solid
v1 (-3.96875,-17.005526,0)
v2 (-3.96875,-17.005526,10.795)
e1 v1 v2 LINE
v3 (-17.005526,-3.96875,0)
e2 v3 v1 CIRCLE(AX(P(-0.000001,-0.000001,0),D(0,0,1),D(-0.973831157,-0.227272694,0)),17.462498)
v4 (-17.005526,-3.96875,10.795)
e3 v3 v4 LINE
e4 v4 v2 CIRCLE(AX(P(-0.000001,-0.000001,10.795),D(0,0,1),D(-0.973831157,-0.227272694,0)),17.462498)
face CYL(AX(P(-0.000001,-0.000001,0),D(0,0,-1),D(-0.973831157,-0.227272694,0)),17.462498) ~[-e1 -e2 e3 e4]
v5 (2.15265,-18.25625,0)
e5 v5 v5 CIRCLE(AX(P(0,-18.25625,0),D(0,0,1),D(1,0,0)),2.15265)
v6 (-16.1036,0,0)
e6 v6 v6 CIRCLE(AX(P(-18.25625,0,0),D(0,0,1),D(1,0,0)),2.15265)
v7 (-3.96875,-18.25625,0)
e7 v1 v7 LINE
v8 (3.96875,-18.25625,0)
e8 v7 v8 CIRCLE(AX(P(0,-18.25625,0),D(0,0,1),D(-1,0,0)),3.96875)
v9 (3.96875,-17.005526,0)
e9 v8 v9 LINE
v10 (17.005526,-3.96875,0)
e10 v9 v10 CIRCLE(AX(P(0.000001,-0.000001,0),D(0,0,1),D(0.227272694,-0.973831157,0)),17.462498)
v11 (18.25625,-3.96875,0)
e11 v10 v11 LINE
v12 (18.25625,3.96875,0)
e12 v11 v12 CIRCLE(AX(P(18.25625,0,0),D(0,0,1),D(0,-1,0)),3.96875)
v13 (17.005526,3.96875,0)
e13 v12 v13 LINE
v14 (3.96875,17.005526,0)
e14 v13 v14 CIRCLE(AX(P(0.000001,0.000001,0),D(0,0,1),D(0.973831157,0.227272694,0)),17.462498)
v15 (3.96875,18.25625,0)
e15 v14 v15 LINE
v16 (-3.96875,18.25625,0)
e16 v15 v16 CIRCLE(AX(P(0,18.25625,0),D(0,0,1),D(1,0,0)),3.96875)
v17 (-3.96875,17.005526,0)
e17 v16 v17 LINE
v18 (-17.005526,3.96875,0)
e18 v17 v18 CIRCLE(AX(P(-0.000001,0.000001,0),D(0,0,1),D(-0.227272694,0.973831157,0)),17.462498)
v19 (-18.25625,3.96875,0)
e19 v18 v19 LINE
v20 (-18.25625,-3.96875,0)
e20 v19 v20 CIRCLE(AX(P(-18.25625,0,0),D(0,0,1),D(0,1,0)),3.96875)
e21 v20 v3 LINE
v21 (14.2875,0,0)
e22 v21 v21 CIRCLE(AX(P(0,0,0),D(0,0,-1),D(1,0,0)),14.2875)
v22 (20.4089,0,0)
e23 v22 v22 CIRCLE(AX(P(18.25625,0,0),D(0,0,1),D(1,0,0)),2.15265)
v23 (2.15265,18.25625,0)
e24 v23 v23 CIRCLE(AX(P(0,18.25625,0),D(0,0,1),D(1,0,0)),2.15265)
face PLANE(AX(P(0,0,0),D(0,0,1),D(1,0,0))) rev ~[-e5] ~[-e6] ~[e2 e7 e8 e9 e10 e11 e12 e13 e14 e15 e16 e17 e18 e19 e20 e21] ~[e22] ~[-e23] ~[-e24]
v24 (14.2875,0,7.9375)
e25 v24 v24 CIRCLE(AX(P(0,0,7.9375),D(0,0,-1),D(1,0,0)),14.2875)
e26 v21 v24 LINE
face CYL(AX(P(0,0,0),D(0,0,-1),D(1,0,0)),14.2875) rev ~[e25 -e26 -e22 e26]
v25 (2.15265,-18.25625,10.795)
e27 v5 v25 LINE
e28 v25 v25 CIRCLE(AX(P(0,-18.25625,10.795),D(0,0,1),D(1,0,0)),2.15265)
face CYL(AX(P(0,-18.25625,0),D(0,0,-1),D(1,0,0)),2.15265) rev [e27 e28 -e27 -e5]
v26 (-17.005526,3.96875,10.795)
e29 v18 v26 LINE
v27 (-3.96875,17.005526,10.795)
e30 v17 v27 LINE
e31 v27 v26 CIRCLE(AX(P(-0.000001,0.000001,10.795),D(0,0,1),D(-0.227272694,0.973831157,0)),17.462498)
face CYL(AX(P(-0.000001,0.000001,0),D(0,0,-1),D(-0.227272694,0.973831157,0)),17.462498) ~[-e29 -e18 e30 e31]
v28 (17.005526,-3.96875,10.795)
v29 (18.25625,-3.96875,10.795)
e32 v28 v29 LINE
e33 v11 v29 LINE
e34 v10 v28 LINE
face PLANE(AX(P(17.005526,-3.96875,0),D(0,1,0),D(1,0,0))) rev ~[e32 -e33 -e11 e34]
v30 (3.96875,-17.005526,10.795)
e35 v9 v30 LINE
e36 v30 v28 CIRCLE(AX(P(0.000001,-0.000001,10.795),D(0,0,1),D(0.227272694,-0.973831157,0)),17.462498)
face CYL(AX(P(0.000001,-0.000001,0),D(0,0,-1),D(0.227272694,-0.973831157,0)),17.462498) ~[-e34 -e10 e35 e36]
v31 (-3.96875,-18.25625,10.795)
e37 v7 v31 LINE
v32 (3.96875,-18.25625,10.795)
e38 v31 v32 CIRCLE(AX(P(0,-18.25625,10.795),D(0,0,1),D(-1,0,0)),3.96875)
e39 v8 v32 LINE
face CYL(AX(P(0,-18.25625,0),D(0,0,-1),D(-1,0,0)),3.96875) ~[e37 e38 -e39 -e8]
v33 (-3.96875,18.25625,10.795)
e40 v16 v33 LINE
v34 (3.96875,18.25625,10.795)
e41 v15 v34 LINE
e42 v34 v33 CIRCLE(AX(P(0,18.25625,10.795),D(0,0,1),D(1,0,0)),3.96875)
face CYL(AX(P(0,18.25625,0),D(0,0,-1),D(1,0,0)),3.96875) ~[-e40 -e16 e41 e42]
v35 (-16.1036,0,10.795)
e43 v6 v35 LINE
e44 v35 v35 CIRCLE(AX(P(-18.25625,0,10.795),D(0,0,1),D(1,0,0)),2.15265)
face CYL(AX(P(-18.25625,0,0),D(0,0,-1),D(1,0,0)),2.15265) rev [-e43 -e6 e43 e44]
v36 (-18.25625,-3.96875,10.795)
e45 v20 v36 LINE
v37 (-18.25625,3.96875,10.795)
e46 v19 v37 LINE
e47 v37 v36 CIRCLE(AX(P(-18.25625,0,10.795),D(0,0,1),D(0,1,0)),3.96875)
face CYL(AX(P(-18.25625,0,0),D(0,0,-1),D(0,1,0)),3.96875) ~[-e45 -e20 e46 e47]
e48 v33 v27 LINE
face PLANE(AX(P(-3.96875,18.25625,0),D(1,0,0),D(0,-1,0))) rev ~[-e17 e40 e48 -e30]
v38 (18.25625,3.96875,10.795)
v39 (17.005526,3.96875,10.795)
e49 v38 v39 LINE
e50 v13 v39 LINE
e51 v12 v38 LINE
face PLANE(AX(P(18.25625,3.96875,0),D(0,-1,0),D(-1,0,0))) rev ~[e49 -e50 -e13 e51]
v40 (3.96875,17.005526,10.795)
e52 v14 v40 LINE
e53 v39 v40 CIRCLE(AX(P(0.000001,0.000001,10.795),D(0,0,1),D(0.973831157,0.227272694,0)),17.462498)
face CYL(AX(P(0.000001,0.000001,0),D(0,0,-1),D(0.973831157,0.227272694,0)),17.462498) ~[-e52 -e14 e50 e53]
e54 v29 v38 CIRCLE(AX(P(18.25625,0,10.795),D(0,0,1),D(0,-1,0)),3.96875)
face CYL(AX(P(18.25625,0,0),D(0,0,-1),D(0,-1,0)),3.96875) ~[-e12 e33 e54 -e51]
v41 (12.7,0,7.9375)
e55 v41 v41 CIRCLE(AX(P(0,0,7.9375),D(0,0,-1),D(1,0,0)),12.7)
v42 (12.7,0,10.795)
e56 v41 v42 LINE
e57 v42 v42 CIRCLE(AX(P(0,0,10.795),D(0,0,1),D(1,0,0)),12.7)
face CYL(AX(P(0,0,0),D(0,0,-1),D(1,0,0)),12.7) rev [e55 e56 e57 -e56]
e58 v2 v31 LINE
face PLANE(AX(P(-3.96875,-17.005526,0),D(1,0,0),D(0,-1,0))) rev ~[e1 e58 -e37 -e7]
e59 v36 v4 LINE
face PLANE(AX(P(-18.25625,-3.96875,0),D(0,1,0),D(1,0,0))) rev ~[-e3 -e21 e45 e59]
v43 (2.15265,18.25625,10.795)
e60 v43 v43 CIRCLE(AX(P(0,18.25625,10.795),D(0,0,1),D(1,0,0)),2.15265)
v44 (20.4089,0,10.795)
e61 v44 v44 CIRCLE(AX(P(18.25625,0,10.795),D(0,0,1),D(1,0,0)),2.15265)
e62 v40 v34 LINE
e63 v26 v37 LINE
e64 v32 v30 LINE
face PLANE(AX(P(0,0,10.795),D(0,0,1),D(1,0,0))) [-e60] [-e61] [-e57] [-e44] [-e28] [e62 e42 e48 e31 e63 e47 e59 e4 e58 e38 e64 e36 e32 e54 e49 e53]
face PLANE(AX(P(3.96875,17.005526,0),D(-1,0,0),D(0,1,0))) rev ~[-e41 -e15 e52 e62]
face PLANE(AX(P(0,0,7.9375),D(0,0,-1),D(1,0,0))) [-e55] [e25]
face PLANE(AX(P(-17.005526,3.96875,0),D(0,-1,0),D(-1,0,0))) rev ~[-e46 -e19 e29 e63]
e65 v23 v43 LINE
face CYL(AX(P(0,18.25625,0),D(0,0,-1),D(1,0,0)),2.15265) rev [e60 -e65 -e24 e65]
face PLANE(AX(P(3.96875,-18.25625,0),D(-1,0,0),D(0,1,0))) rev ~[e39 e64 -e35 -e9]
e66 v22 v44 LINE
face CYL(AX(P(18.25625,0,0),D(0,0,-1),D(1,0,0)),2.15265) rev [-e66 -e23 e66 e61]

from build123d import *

# Parameters (mm, degrees)
F0_R     = 2.15265
F0_R_2   = 12.7
F1_DEPTH = 10.795
F2_R     = 14.2875
F3_DEPTH = 7.9375


with BuildPart() as f1:
    # F0 (on Top) → F1 (new body)
    with BuildSketch(Plane.XY):
        with BuildLine():
            Line((-17.005526, 3.96875), (-18.25625, 3.96875))
            ThreePointArc((-18.25625, 3.96875), (-22.225, 0), (-18.25625, -3.96875))
            Line((-18.25625, -3.96875), (-17.005526, -3.96875))
            ThreePointArc((-17.005526, -3.96875), (-12.347852, -12.347852), (-3.96875, -17.005526))
            Line((-3.96875, -17.005526), (-3.96875, -18.25625))
            ThreePointArc((-3.96875, -18.25625), (0, -22.225), (3.96875, -18.25625))
            Line((3.96875, -18.25625), (3.96875, -17.005526))
            ThreePointArc((3.96875, -17.005526), (12.347852, -12.347852), (17.005526, -3.96875))
            Line((17.005526, -3.96875), (18.25625, -3.96875))
            ThreePointArc((18.25625, -3.96875), (22.225, 0), (18.25625, 3.96875))
            Line((18.25625, 3.96875), (17.005526, 3.96875))
            ThreePointArc((17.005526, 3.96875), (12.347852, 12.347852), (3.96875, 17.005526))
            Line((3.96875, 17.005526), (3.96875, 18.25625))
            ThreePointArc((3.96875, 18.25625), (0, 22.225), (-3.96875, 18.25625))
            Line((-3.96875, 18.25625), (-3.96875, 17.005526))
            ThreePointArc((-3.96875, 17.005526), (-12.347852, 12.347852), (-17.005526, 3.96875))
        make_face()
        with Locations((0, -18.25625)):
            Circle(F0_R, mode=Mode.SUBTRACT)
        with Locations((-18.25625, 0)):
            Circle(F0_R, mode=Mode.SUBTRACT)
        Circle(F0_R_2, mode=Mode.SUBTRACT)
        with Locations((18.25625, 0)):
            Circle(F0_R, mode=Mode.SUBTRACT)
        with Locations((0, 18.25625)):
            Circle(F0_R, mode=Mode.SUBTRACT)
    extrude(amount=F1_DEPTH)

    # F2 (on face) → F3 (cut)
    with BuildSketch(Plane(origin=(0, 0, 0), x_dir=(1, 0, 0), z_dir=(0, 0, -1))):
        Circle(F2_R)
    extrude(amount=-F3_DEPTH, mode=Mode.SUBTRACT)


solid = f1.part
